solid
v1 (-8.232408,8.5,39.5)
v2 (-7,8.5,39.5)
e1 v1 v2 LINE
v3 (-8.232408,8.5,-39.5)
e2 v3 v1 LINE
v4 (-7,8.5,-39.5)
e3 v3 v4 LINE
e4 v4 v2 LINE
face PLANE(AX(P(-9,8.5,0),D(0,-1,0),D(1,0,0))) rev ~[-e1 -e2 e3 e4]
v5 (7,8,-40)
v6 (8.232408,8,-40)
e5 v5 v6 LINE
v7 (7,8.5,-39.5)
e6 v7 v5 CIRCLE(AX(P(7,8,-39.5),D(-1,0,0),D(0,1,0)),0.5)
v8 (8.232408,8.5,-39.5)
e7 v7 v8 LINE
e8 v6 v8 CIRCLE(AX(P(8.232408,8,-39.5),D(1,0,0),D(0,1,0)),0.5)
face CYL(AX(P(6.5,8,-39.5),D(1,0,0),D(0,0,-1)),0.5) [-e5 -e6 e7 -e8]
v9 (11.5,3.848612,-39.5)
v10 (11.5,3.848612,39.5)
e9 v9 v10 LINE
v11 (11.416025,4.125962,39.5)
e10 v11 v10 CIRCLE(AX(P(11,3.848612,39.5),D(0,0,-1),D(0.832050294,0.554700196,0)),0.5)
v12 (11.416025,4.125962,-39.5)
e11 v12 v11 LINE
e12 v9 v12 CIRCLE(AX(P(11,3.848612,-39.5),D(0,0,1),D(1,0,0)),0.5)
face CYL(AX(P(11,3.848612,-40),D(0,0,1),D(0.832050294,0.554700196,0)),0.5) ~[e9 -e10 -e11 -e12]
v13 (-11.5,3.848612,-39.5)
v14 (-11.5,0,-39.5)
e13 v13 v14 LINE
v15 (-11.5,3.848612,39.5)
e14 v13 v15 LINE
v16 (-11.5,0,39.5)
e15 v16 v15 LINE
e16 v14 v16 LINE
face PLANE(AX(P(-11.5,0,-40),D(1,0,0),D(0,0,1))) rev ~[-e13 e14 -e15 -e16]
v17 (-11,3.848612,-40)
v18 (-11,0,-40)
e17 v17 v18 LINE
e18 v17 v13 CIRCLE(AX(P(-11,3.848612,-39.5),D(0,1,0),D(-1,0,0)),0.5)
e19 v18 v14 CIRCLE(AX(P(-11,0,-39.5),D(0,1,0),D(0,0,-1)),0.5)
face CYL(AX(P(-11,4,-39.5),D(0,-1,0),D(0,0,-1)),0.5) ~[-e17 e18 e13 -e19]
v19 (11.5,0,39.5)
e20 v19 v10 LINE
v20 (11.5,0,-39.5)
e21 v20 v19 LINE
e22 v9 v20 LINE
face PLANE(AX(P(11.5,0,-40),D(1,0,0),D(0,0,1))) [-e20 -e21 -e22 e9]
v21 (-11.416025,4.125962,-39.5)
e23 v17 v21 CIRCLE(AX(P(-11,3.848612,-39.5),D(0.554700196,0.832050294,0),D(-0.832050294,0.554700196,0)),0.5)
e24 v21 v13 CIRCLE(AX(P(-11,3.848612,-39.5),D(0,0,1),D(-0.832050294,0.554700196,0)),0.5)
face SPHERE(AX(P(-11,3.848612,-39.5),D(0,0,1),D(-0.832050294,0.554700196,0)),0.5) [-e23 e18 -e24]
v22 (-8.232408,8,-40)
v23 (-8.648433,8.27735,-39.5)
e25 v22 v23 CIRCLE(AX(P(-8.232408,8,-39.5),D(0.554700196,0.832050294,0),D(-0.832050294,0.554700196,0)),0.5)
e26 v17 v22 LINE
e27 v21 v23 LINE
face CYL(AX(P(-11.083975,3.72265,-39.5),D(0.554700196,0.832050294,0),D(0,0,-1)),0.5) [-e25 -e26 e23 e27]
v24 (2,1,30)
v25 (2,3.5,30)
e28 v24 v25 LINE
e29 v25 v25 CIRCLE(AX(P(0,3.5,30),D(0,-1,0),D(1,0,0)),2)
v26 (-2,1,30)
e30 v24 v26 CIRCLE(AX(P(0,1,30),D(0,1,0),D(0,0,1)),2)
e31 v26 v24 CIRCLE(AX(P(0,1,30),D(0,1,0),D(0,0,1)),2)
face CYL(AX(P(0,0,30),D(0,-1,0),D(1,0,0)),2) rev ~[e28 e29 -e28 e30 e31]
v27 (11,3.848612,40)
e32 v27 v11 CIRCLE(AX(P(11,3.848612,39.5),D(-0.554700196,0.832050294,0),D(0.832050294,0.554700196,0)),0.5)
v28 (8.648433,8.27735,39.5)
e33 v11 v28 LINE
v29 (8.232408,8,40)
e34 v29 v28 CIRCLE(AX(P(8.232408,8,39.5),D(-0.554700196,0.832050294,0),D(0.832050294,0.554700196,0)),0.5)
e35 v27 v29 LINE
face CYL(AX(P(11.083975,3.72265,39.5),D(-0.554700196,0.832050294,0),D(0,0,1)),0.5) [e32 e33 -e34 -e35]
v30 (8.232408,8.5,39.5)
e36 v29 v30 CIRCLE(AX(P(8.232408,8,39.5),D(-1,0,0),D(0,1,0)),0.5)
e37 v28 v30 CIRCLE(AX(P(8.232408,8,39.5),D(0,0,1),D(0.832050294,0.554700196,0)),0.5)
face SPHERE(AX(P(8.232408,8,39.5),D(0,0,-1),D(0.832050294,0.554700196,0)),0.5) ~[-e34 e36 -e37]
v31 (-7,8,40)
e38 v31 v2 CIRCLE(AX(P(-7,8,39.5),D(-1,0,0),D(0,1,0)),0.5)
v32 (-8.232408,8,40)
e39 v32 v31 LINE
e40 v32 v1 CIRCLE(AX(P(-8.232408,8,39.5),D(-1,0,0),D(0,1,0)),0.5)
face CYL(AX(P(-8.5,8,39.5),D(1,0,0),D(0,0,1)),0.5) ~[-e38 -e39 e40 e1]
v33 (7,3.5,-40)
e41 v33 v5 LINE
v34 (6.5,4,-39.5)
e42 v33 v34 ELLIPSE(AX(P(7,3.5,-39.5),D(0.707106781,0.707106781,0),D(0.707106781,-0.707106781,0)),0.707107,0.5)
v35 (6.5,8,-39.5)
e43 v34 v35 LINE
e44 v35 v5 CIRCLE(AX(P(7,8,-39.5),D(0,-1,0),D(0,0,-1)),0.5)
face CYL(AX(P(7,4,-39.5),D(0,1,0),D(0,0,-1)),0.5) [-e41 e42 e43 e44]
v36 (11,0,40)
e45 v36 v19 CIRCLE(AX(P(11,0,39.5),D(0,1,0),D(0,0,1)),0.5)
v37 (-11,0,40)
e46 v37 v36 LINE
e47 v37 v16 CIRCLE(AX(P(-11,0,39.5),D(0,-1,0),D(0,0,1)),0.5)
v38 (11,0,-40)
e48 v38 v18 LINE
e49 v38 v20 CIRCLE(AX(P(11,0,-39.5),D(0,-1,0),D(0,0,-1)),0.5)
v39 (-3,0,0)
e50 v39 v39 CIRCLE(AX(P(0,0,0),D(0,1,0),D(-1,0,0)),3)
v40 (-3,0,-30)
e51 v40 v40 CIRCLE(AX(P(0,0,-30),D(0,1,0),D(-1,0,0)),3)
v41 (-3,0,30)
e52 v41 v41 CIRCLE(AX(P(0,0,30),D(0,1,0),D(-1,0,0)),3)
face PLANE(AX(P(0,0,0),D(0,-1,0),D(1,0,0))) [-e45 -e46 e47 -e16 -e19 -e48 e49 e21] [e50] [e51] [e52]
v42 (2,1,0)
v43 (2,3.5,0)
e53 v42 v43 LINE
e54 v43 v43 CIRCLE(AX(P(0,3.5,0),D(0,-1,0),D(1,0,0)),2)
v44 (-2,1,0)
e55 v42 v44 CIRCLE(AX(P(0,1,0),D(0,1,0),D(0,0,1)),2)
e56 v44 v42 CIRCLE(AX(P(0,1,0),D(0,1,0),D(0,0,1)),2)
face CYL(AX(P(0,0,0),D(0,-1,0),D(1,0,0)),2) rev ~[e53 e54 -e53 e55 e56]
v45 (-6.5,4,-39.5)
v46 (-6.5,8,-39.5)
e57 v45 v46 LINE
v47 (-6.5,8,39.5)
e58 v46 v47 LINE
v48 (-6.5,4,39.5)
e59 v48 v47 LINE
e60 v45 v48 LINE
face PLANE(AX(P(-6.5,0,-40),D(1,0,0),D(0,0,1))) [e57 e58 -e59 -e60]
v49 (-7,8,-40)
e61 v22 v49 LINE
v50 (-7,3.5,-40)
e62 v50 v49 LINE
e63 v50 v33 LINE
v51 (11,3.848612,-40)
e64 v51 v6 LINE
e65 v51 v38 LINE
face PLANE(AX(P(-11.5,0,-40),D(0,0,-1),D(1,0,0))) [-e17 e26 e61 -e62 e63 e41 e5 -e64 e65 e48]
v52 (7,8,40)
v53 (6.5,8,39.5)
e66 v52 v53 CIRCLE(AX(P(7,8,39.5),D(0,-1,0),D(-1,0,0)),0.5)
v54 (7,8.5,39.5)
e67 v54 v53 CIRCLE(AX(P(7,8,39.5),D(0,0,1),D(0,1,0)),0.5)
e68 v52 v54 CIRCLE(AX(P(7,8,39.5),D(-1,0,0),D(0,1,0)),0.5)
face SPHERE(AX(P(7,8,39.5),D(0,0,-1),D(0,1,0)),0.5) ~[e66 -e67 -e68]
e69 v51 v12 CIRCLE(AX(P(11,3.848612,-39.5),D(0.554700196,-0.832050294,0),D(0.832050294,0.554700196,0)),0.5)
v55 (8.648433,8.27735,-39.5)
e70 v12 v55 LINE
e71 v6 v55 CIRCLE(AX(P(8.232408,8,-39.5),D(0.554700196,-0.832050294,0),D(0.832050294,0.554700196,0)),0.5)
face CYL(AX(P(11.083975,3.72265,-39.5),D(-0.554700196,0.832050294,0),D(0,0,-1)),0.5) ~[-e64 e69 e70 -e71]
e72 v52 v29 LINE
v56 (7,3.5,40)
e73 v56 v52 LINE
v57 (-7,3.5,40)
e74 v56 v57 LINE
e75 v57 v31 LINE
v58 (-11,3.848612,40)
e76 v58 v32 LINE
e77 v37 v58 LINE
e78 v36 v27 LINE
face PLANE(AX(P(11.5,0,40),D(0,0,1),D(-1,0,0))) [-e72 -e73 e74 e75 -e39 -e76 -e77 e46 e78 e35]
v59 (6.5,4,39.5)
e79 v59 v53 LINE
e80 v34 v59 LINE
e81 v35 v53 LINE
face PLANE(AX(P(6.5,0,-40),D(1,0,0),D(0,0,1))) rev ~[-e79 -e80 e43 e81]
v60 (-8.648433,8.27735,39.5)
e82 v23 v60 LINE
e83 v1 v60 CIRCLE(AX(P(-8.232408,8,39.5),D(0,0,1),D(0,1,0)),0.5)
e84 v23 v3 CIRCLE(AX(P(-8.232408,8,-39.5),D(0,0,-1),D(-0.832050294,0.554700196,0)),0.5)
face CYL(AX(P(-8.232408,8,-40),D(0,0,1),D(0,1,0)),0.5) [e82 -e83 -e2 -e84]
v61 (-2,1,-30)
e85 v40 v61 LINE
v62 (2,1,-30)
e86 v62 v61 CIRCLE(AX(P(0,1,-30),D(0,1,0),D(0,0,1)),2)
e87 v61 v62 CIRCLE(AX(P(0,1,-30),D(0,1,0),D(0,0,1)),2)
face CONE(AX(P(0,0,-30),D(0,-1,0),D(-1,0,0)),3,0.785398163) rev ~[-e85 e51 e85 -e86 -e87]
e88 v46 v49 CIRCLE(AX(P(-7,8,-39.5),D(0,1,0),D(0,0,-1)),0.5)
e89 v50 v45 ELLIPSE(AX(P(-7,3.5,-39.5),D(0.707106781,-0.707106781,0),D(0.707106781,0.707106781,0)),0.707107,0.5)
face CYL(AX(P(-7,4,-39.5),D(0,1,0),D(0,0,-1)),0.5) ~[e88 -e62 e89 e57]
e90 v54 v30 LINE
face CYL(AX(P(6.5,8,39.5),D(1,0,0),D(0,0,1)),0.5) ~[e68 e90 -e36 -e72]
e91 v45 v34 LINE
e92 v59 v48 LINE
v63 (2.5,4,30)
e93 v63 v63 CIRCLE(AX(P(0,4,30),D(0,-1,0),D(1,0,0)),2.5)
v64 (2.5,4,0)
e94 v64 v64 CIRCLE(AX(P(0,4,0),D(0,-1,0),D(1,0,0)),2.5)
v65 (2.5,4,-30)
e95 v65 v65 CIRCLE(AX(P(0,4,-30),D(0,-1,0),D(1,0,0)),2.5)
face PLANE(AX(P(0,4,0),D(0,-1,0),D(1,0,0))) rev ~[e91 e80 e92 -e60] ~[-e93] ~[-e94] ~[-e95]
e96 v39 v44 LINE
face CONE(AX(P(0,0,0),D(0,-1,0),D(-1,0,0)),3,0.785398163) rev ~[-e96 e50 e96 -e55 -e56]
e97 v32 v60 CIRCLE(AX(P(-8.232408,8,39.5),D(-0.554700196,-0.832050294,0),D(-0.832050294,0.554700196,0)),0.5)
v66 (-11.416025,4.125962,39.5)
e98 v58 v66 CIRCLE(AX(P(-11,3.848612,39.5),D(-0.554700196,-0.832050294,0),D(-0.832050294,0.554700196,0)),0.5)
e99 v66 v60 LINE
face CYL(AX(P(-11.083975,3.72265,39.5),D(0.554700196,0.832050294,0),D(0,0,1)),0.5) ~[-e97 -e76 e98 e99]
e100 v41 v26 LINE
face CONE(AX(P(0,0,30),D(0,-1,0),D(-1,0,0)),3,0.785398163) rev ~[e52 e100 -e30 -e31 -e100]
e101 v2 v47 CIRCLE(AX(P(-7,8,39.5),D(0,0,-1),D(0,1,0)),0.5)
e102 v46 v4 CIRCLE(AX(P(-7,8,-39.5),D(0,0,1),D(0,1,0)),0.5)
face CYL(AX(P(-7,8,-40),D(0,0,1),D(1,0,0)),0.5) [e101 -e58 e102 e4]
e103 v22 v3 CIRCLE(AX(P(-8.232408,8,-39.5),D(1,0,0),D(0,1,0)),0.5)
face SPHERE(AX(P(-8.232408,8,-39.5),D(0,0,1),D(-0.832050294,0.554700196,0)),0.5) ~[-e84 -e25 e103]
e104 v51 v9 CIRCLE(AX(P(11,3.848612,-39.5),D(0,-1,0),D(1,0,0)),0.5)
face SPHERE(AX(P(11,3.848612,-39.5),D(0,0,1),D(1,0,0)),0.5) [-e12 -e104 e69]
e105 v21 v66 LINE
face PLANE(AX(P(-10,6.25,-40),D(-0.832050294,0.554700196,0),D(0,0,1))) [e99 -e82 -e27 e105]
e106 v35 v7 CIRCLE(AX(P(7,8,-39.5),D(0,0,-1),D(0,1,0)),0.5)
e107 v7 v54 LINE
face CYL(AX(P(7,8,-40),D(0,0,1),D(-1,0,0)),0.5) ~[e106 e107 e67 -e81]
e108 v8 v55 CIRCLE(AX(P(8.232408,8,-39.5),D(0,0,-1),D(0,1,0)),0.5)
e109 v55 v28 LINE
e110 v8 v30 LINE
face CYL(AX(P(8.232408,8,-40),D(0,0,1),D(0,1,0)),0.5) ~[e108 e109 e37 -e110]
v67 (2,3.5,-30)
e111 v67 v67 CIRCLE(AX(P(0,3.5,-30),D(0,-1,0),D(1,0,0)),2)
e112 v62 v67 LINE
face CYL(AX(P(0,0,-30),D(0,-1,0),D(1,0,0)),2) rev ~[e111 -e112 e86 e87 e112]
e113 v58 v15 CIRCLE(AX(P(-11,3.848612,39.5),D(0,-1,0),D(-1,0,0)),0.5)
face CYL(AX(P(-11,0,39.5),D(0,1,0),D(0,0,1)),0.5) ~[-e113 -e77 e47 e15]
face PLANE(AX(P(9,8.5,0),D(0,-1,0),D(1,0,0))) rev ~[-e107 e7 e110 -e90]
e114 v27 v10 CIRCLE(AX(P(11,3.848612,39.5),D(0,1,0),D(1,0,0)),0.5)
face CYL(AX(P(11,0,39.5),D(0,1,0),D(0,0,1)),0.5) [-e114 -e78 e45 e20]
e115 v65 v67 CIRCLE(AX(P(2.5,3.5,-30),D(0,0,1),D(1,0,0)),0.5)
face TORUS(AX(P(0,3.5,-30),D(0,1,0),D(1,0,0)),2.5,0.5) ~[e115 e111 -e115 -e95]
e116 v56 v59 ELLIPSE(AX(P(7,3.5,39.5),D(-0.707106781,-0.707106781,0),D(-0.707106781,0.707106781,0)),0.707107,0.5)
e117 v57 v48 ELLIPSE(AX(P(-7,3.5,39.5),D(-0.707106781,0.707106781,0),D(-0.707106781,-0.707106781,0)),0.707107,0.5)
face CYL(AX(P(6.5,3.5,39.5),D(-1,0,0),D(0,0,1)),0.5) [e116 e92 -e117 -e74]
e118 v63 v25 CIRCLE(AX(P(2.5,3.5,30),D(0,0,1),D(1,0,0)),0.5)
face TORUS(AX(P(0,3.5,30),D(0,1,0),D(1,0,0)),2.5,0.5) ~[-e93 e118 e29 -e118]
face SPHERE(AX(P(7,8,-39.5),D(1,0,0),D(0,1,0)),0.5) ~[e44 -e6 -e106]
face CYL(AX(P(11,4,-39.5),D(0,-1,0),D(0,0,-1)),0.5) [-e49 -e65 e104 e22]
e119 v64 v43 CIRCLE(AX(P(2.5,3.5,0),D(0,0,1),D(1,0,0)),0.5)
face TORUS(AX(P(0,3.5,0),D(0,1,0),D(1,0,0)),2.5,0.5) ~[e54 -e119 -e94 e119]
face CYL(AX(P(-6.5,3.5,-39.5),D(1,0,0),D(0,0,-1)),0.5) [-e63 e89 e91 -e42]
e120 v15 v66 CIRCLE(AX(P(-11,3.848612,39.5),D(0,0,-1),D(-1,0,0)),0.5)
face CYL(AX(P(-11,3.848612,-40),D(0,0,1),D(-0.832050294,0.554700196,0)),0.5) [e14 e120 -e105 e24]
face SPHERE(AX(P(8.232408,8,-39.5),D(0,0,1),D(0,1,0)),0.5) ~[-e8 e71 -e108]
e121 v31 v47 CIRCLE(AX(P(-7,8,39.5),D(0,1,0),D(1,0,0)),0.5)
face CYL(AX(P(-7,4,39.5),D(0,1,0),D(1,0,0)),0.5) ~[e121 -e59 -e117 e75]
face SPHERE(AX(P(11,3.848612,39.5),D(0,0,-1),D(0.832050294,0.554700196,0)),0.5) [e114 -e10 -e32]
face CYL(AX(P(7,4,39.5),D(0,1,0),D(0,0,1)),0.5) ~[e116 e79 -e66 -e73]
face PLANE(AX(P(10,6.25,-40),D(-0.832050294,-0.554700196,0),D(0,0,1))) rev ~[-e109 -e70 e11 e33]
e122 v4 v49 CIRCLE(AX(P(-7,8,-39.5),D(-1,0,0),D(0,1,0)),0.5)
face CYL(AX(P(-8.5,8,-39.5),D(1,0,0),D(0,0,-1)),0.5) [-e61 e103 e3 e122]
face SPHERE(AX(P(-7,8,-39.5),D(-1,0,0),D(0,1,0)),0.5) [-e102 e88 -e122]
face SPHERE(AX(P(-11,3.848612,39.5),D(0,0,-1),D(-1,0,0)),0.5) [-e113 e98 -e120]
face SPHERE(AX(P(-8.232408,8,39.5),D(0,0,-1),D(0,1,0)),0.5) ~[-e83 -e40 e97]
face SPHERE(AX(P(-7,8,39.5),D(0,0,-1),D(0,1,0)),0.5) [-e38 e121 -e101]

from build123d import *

# Parameters (mm, degrees)
F0_W           = 12
F0_H           = 80
F0_R           = 2
F0_W_2         = 5
F0_W_3         = 0.5
F1_DEPTH       = 4
F2_DEPTH       = 8.5
F3_SIZE2       = 3
F3_SIZE        = 4.5
F4_SIZE2       = 3
F4_SIZE        = 4.5
F5_D           = 4
F5_CSINK_D     = 6
F5_CSINK_ANGLE = 90
F6_R           = 0.5


with BuildPart() as f1:
    # F0 (on Front) → F1 (new body)
    with BuildSketch(Plane.XZ):
        Rectangle(F0_W, F0_H)
        with Locations((0, -30)):
            Circle(F0_R, mode=Mode.SUBTRACT)
        Circle(F0_R, mode=Mode.SUBTRACT)
        with Locations((0, 30)):
            Circle(F0_R, mode=Mode.SUBTRACT)
        with Locations((-9, 0)):
            Rectangle(F0_W_2, F0_H)
        with Locations((-6.25, 0)):
            Rectangle(F0_W_3, F0_H)
        with Locations((6.25, 0)):
            Rectangle(F0_W_3, F0_H)
        with Locations((9, 0)):
            Rectangle(F0_W_2, F0_H)
    extrude(amount=-F1_DEPTH)

    # F0 (on Front) → F2 (join)
    with BuildSketch(Plane.XZ):
        with Locations((-9, 0)):
            Rectangle(F0_W_2, F0_H)
        with Locations((9, 0)):
            Rectangle(F0_W_2, F0_H)
    extrude(amount=-F2_DEPTH)

    # F3
    f3_edges = [f1.edges().sort_by_distance(p)[0] for p in [
        (-11.5, 8.5, 0),
    ]]
    f3_side = f1.faces().sort_by_distance((-11.5, 4.25, 0))[0]
    chamfer(f3_edges, length=F3_SIZE, length2=F3_SIZE2, reference=f3_side)

    # F4
    f4_edges = [f1.edges().sort_by_distance(p)[0] for p in [
        (11.5, 8.5, 0),
    ]]
    f4_side = f1.faces().sort_by_distance((11.5, 4.25, 0))[0]
    chamfer(f4_edges, length=F4_SIZE, length2=F4_SIZE2, reference=f4_side)

    # F5 (through all)
    with Locations(Plane.XZ):
        with Locations((0, 0), (0, -30), (0, 30)):
            CounterSinkHole(F5_D / 2, F5_CSINK_D / 2, counter_sink_angle=F5_CSINK_ANGLE)

    # F6
    f6_edges = [f1.edges().sort_by_distance(p)[0] for p in [
        (10, 6.25, -40),
        (11.5, 4, 0),
        (8.5, 8.5, 0),
        (10, 6.25, 40),
        (7.5, 8.5, -40),
        (6.5, 8.5, 0),
        (7.5, 8.5, 40),
        (-7.5, 8.5, -40),
        (-8.5, 8.5, 0),
        (-6.5, 8.5, 0),
        (-7.5, 8.5, 40),
        (-10, 6.25, 40),
        (-11.5, 4, 0),
        (-10, 6.25, -40),
        (-2, 4, -30),
        (-2, 4, 0),
        (0, 4, -40),
        (6.5, 6.25, -40),
        (-6.5, 6.25, -40),
        (-11.5, 2, -40),
        (11.5, 2, -40),
        (11.5, 2, 40),
        (6.5, 6.25, 40),
        (0, 4, 40),
        (-6.5, 6.25, 40),
        (-11.5, 2, 40),
        (-2, 4, 30),
    ]]
    fillet(f6_edges, radius=F6_R)


solid = f1.part
